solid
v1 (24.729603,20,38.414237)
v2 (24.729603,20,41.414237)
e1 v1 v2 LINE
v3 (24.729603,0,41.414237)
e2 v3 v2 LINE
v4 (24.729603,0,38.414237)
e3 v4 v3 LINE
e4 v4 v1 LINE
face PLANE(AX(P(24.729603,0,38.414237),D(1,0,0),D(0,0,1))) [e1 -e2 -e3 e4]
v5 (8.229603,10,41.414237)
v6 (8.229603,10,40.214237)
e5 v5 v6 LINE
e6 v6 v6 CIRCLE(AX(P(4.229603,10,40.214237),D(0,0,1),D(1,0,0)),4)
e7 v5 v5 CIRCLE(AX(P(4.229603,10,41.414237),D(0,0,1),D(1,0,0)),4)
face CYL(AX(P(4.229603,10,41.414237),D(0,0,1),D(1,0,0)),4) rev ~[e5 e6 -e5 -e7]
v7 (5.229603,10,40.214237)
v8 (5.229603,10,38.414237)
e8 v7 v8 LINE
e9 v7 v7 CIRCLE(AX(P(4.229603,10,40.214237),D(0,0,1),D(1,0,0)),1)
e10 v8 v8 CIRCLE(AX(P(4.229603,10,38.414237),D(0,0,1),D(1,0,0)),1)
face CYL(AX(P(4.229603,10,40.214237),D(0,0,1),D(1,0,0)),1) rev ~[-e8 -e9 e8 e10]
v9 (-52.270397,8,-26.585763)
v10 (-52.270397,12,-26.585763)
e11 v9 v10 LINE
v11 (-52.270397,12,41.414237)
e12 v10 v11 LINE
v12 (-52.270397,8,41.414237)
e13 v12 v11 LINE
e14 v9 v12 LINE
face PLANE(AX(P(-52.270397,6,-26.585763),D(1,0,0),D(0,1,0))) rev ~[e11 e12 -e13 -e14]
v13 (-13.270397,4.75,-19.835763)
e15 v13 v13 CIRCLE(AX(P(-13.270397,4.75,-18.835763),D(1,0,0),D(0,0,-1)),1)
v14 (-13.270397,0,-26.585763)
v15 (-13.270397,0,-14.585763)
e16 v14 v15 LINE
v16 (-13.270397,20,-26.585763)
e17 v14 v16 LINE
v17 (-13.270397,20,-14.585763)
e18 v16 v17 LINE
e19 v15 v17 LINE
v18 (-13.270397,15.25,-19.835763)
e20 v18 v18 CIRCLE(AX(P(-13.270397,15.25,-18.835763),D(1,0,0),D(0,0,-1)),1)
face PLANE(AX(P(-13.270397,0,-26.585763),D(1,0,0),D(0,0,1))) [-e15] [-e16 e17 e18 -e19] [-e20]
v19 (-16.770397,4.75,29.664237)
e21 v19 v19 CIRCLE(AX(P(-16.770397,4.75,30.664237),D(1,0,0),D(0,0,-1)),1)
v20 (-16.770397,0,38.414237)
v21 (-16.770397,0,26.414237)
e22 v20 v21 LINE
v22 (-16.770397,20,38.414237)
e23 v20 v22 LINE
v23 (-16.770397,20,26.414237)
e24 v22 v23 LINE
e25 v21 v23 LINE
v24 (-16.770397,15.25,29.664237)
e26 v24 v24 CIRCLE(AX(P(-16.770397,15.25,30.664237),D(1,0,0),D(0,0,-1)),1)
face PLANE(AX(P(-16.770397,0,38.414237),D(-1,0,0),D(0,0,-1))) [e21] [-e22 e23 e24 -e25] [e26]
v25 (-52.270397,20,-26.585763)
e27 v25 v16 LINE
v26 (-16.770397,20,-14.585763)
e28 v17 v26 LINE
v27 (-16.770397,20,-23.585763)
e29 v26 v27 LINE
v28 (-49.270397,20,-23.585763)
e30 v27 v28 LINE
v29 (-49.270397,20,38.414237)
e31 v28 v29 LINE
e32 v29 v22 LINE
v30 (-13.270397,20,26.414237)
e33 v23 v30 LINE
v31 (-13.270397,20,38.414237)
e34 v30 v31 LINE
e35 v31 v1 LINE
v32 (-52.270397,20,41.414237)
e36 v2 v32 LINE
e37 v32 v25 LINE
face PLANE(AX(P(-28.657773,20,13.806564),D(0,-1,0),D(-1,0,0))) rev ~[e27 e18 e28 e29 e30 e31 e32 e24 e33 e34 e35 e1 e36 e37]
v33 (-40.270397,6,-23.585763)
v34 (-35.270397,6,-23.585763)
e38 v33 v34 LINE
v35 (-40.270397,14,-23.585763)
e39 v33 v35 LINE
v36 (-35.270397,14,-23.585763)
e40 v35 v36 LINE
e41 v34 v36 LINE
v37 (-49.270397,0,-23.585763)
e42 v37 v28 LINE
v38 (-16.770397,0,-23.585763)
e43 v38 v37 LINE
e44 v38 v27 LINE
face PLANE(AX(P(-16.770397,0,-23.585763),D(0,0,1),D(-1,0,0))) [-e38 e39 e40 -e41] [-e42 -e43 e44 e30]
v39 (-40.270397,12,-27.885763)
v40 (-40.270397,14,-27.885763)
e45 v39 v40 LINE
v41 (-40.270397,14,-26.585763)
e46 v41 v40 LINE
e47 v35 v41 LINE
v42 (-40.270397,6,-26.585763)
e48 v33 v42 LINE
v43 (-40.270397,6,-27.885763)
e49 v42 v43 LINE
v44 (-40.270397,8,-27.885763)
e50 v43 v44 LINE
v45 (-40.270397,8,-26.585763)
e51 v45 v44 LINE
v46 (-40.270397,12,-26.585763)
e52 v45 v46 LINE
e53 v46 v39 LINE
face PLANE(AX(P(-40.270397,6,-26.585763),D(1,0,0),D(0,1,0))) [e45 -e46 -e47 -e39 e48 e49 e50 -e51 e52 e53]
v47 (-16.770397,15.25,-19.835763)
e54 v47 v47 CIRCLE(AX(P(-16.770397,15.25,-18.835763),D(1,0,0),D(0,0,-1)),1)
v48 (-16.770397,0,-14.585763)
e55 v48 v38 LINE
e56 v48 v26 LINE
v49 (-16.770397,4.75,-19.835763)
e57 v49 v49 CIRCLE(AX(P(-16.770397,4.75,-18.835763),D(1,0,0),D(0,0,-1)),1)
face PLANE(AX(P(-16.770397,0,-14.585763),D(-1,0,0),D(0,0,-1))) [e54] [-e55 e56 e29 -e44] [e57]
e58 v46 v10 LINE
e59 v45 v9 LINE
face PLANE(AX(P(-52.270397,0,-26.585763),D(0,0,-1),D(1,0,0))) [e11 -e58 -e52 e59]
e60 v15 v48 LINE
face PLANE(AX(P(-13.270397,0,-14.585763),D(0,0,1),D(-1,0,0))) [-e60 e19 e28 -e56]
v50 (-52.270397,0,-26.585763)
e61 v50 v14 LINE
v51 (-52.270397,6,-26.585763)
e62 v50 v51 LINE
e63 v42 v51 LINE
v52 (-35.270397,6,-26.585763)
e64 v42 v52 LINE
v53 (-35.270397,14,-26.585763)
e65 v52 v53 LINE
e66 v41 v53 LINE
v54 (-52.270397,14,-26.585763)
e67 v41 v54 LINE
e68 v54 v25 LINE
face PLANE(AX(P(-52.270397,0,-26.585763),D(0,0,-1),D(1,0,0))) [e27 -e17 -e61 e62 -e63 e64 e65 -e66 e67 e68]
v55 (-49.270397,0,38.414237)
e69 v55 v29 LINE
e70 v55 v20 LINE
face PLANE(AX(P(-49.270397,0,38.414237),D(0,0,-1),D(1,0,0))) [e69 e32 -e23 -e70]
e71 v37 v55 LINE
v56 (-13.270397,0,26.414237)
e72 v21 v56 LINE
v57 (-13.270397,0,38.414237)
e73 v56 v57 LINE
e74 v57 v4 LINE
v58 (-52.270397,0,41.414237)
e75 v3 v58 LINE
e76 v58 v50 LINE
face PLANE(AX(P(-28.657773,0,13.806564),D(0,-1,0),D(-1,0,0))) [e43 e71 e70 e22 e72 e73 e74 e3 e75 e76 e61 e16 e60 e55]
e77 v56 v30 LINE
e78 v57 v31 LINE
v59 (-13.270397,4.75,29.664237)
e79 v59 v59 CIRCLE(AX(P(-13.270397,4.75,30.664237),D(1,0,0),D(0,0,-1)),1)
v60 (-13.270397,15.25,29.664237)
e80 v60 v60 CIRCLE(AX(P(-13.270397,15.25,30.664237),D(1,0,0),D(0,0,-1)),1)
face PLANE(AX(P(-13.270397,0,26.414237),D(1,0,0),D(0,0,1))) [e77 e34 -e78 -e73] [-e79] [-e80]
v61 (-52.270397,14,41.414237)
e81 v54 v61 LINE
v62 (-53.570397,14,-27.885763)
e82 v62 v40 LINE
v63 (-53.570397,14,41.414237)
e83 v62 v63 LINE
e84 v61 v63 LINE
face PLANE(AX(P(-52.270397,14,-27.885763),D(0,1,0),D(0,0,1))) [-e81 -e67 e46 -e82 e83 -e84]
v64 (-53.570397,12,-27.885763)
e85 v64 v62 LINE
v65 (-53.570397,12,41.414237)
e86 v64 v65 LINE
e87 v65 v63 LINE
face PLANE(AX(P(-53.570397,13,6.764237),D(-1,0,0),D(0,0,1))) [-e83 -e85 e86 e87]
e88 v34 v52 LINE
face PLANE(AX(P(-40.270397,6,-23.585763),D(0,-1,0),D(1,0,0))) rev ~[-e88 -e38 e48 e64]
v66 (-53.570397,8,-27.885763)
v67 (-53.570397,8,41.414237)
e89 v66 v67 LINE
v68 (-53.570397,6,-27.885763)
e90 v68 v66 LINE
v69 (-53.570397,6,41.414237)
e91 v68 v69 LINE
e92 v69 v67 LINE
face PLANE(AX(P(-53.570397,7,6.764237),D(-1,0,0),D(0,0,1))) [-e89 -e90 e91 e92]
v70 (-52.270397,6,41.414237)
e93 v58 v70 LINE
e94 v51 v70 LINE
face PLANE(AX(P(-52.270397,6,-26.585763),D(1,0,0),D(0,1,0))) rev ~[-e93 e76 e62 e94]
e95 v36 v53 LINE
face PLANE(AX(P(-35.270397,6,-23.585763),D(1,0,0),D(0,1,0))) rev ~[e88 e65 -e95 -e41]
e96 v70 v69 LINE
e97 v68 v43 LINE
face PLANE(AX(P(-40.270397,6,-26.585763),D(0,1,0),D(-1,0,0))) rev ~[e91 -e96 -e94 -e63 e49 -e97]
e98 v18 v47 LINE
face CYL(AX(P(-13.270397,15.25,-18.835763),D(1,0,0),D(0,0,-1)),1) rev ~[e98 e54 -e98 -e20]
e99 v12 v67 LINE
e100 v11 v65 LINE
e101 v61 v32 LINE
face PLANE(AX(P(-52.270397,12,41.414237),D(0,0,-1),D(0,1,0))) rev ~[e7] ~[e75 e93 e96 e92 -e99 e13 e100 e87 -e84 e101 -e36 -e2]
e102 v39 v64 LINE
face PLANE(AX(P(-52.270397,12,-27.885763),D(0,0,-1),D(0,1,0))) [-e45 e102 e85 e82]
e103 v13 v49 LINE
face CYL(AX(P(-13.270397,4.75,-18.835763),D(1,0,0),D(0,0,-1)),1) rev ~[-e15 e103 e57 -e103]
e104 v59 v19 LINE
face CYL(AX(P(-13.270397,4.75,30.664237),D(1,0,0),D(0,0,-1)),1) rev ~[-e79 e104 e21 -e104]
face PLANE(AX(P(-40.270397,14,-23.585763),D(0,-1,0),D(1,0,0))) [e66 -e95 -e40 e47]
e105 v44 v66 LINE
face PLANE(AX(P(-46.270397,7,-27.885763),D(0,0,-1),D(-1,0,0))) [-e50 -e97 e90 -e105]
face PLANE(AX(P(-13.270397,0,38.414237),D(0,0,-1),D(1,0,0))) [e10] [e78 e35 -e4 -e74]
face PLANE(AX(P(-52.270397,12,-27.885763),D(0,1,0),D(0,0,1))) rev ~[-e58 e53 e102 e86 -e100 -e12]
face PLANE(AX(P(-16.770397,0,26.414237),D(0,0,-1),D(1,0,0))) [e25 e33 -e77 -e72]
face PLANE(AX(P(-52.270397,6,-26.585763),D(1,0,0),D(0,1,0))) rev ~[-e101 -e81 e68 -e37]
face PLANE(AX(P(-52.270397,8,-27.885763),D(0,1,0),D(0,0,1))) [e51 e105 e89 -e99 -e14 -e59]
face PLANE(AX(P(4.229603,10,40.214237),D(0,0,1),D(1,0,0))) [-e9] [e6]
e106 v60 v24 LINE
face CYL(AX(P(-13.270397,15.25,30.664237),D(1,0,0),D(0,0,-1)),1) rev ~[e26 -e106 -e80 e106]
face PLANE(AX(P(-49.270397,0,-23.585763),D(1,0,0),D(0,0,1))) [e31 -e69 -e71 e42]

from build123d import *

# Parameters (mm, degrees)
SALIENTE_EXTRUIR1_DEPTH = 20
CROQUIS2_R              = 4
CORTAR_EXTRUIR1_DEPTH   = 1.2
CROQUIS3_R              = 1
CORTAR_EXTRUIR3_DEPTH   = 1.8
CROQUIS4_R              = 1
CORTAR_EXTRUIR4_DEPTH   = 3.5
CROQUIS7_R              = 1
CORTAR_EXTRUIR5_DEPTH   = 3.5
CROQUIS8_W              = 5
CROQUIS8_H              = 8
CORTAR_EXTRUIR6_DEPTH   = 3
CROQUIS9_W              = 12
CROQUIS9_H              = 2
SALIENTE_EXTRUIR2_DEPTH = 1.3
CROQUIS10_W             = 69.3
CROQUIS10_H             = 2
SALIENTE_EXTRUIR3_DEPTH = 1.3


with BuildPart() as part:
    # Croquis1 → Saliente-Extruir1 (new body)
    with BuildSketch(Plane(origin=(0, 0, 0), x_dir=(1, 0, 0), z_dir=(0, 1, 0))):
        Polygon((24.729603414, -41.414237295), (-52.270396586, -41.414237295), (-52.270396586, 26.585762705), (-13.270396586, 26.585762705), (-13.270396586, 14.585762705), (-16.770396586, 14.585762705), (-16.770396586, 23.585762705), (-49.270396586, 23.585762705), (-49.270396586, -38.414237295), (-16.770396586, -38.414237295), (-16.770396586, -26.414237295), (-13.270396586, -26.414237295), (-13.270396586, -38.414237295), (24.729603414, -38.414237295), align=None)
    extrude(amount=SALIENTE_EXTRUIR1_DEPTH)

    # Croquis2 → Cortar-Extruir1 (cut)
    with BuildSketch(Plane.XY.offset(41.414237295)):
        with Locations((4.229603414, 10)):
            Circle(CROQUIS2_R)
    extrude(amount=-CORTAR_EXTRUIR1_DEPTH, mode=Mode.SUBTRACT)

    # Croquis3 → Cortar-Extruir3 (cut)
    with BuildSketch(Plane.XY.offset(40.214237295)):
        with Locations((4.229603414, 10)):
            Circle(CROQUIS3_R)
    extrude(amount=-CORTAR_EXTRUIR3_DEPTH, mode=Mode.SUBTRACT)

    # Croquis4 → Cortar-Extruir4 (cut)
    with BuildSketch(Plane(origin=(-13.270396586, 0, 0), x_dir=(0, 0, -1), z_dir=(1, 0, 0))):
        with Locations((-30.664237295, 15.25)):
            Circle(CROQUIS4_R)
        with Locations((-30.664237295, 4.75)):
            Circle(CROQUIS4_R)
    extrude(amount=-CORTAR_EXTRUIR4_DEPTH, mode=Mode.SUBTRACT)

    # Croquis7 → Cortar-Extruir5 (cut)
    with BuildSketch(Plane(origin=(-13.270396586, 0, 0), x_dir=(0, 0, -1), z_dir=(1, 0, 0))):
        with Locations((18.835762705, 15.25)):
            Circle(CROQUIS7_R)
        with Locations((18.835762705, 4.75)):
            Circle(CROQUIS7_R)
    extrude(amount=-CORTAR_EXTRUIR5_DEPTH, mode=Mode.SUBTRACT)

    # Croquis8 → Cortar-Extruir6 (cut)
    with BuildSketch(Plane.XY.offset(-23.585762705)):
        with Locations((-37.770396586, 10)):
            Rectangle(CROQUIS8_W, CROQUIS8_H)
    extrude(amount=-CORTAR_EXTRUIR6_DEPTH, mode=Mode.SUBTRACT)

    # Croquis9 → Saliente-Extruir2 (add)
    with BuildSketch(Plane(origin=(0, 0, -26.585762705), x_dir=(-1, 0, 0), z_dir=(0, 0, -1))):
        with Locations((46.270396586, 7)):
            Rectangle(CROQUIS9_W, CROQUIS9_H)
        with Locations((46.270396586, 13)):
            Rectangle(CROQUIS9_W, CROQUIS9_H)
    extrude(amount=SALIENTE_EXTRUIR2_DEPTH)

    # Croquis10 → Saliente-Extruir3 (add)
    with BuildSketch(Plane.ZY.offset(52.270396586)):
        with Locations((6.764237295, 13)):
            Rectangle(CROQUIS10_W, CROQUIS10_H)
        with Locations((6.764237295, 7)):
            Rectangle(CROQUIS10_W, CROQUIS10_H)
    extrude(amount=SALIENTE_EXTRUIR3_DEPTH)


solid = part.part
